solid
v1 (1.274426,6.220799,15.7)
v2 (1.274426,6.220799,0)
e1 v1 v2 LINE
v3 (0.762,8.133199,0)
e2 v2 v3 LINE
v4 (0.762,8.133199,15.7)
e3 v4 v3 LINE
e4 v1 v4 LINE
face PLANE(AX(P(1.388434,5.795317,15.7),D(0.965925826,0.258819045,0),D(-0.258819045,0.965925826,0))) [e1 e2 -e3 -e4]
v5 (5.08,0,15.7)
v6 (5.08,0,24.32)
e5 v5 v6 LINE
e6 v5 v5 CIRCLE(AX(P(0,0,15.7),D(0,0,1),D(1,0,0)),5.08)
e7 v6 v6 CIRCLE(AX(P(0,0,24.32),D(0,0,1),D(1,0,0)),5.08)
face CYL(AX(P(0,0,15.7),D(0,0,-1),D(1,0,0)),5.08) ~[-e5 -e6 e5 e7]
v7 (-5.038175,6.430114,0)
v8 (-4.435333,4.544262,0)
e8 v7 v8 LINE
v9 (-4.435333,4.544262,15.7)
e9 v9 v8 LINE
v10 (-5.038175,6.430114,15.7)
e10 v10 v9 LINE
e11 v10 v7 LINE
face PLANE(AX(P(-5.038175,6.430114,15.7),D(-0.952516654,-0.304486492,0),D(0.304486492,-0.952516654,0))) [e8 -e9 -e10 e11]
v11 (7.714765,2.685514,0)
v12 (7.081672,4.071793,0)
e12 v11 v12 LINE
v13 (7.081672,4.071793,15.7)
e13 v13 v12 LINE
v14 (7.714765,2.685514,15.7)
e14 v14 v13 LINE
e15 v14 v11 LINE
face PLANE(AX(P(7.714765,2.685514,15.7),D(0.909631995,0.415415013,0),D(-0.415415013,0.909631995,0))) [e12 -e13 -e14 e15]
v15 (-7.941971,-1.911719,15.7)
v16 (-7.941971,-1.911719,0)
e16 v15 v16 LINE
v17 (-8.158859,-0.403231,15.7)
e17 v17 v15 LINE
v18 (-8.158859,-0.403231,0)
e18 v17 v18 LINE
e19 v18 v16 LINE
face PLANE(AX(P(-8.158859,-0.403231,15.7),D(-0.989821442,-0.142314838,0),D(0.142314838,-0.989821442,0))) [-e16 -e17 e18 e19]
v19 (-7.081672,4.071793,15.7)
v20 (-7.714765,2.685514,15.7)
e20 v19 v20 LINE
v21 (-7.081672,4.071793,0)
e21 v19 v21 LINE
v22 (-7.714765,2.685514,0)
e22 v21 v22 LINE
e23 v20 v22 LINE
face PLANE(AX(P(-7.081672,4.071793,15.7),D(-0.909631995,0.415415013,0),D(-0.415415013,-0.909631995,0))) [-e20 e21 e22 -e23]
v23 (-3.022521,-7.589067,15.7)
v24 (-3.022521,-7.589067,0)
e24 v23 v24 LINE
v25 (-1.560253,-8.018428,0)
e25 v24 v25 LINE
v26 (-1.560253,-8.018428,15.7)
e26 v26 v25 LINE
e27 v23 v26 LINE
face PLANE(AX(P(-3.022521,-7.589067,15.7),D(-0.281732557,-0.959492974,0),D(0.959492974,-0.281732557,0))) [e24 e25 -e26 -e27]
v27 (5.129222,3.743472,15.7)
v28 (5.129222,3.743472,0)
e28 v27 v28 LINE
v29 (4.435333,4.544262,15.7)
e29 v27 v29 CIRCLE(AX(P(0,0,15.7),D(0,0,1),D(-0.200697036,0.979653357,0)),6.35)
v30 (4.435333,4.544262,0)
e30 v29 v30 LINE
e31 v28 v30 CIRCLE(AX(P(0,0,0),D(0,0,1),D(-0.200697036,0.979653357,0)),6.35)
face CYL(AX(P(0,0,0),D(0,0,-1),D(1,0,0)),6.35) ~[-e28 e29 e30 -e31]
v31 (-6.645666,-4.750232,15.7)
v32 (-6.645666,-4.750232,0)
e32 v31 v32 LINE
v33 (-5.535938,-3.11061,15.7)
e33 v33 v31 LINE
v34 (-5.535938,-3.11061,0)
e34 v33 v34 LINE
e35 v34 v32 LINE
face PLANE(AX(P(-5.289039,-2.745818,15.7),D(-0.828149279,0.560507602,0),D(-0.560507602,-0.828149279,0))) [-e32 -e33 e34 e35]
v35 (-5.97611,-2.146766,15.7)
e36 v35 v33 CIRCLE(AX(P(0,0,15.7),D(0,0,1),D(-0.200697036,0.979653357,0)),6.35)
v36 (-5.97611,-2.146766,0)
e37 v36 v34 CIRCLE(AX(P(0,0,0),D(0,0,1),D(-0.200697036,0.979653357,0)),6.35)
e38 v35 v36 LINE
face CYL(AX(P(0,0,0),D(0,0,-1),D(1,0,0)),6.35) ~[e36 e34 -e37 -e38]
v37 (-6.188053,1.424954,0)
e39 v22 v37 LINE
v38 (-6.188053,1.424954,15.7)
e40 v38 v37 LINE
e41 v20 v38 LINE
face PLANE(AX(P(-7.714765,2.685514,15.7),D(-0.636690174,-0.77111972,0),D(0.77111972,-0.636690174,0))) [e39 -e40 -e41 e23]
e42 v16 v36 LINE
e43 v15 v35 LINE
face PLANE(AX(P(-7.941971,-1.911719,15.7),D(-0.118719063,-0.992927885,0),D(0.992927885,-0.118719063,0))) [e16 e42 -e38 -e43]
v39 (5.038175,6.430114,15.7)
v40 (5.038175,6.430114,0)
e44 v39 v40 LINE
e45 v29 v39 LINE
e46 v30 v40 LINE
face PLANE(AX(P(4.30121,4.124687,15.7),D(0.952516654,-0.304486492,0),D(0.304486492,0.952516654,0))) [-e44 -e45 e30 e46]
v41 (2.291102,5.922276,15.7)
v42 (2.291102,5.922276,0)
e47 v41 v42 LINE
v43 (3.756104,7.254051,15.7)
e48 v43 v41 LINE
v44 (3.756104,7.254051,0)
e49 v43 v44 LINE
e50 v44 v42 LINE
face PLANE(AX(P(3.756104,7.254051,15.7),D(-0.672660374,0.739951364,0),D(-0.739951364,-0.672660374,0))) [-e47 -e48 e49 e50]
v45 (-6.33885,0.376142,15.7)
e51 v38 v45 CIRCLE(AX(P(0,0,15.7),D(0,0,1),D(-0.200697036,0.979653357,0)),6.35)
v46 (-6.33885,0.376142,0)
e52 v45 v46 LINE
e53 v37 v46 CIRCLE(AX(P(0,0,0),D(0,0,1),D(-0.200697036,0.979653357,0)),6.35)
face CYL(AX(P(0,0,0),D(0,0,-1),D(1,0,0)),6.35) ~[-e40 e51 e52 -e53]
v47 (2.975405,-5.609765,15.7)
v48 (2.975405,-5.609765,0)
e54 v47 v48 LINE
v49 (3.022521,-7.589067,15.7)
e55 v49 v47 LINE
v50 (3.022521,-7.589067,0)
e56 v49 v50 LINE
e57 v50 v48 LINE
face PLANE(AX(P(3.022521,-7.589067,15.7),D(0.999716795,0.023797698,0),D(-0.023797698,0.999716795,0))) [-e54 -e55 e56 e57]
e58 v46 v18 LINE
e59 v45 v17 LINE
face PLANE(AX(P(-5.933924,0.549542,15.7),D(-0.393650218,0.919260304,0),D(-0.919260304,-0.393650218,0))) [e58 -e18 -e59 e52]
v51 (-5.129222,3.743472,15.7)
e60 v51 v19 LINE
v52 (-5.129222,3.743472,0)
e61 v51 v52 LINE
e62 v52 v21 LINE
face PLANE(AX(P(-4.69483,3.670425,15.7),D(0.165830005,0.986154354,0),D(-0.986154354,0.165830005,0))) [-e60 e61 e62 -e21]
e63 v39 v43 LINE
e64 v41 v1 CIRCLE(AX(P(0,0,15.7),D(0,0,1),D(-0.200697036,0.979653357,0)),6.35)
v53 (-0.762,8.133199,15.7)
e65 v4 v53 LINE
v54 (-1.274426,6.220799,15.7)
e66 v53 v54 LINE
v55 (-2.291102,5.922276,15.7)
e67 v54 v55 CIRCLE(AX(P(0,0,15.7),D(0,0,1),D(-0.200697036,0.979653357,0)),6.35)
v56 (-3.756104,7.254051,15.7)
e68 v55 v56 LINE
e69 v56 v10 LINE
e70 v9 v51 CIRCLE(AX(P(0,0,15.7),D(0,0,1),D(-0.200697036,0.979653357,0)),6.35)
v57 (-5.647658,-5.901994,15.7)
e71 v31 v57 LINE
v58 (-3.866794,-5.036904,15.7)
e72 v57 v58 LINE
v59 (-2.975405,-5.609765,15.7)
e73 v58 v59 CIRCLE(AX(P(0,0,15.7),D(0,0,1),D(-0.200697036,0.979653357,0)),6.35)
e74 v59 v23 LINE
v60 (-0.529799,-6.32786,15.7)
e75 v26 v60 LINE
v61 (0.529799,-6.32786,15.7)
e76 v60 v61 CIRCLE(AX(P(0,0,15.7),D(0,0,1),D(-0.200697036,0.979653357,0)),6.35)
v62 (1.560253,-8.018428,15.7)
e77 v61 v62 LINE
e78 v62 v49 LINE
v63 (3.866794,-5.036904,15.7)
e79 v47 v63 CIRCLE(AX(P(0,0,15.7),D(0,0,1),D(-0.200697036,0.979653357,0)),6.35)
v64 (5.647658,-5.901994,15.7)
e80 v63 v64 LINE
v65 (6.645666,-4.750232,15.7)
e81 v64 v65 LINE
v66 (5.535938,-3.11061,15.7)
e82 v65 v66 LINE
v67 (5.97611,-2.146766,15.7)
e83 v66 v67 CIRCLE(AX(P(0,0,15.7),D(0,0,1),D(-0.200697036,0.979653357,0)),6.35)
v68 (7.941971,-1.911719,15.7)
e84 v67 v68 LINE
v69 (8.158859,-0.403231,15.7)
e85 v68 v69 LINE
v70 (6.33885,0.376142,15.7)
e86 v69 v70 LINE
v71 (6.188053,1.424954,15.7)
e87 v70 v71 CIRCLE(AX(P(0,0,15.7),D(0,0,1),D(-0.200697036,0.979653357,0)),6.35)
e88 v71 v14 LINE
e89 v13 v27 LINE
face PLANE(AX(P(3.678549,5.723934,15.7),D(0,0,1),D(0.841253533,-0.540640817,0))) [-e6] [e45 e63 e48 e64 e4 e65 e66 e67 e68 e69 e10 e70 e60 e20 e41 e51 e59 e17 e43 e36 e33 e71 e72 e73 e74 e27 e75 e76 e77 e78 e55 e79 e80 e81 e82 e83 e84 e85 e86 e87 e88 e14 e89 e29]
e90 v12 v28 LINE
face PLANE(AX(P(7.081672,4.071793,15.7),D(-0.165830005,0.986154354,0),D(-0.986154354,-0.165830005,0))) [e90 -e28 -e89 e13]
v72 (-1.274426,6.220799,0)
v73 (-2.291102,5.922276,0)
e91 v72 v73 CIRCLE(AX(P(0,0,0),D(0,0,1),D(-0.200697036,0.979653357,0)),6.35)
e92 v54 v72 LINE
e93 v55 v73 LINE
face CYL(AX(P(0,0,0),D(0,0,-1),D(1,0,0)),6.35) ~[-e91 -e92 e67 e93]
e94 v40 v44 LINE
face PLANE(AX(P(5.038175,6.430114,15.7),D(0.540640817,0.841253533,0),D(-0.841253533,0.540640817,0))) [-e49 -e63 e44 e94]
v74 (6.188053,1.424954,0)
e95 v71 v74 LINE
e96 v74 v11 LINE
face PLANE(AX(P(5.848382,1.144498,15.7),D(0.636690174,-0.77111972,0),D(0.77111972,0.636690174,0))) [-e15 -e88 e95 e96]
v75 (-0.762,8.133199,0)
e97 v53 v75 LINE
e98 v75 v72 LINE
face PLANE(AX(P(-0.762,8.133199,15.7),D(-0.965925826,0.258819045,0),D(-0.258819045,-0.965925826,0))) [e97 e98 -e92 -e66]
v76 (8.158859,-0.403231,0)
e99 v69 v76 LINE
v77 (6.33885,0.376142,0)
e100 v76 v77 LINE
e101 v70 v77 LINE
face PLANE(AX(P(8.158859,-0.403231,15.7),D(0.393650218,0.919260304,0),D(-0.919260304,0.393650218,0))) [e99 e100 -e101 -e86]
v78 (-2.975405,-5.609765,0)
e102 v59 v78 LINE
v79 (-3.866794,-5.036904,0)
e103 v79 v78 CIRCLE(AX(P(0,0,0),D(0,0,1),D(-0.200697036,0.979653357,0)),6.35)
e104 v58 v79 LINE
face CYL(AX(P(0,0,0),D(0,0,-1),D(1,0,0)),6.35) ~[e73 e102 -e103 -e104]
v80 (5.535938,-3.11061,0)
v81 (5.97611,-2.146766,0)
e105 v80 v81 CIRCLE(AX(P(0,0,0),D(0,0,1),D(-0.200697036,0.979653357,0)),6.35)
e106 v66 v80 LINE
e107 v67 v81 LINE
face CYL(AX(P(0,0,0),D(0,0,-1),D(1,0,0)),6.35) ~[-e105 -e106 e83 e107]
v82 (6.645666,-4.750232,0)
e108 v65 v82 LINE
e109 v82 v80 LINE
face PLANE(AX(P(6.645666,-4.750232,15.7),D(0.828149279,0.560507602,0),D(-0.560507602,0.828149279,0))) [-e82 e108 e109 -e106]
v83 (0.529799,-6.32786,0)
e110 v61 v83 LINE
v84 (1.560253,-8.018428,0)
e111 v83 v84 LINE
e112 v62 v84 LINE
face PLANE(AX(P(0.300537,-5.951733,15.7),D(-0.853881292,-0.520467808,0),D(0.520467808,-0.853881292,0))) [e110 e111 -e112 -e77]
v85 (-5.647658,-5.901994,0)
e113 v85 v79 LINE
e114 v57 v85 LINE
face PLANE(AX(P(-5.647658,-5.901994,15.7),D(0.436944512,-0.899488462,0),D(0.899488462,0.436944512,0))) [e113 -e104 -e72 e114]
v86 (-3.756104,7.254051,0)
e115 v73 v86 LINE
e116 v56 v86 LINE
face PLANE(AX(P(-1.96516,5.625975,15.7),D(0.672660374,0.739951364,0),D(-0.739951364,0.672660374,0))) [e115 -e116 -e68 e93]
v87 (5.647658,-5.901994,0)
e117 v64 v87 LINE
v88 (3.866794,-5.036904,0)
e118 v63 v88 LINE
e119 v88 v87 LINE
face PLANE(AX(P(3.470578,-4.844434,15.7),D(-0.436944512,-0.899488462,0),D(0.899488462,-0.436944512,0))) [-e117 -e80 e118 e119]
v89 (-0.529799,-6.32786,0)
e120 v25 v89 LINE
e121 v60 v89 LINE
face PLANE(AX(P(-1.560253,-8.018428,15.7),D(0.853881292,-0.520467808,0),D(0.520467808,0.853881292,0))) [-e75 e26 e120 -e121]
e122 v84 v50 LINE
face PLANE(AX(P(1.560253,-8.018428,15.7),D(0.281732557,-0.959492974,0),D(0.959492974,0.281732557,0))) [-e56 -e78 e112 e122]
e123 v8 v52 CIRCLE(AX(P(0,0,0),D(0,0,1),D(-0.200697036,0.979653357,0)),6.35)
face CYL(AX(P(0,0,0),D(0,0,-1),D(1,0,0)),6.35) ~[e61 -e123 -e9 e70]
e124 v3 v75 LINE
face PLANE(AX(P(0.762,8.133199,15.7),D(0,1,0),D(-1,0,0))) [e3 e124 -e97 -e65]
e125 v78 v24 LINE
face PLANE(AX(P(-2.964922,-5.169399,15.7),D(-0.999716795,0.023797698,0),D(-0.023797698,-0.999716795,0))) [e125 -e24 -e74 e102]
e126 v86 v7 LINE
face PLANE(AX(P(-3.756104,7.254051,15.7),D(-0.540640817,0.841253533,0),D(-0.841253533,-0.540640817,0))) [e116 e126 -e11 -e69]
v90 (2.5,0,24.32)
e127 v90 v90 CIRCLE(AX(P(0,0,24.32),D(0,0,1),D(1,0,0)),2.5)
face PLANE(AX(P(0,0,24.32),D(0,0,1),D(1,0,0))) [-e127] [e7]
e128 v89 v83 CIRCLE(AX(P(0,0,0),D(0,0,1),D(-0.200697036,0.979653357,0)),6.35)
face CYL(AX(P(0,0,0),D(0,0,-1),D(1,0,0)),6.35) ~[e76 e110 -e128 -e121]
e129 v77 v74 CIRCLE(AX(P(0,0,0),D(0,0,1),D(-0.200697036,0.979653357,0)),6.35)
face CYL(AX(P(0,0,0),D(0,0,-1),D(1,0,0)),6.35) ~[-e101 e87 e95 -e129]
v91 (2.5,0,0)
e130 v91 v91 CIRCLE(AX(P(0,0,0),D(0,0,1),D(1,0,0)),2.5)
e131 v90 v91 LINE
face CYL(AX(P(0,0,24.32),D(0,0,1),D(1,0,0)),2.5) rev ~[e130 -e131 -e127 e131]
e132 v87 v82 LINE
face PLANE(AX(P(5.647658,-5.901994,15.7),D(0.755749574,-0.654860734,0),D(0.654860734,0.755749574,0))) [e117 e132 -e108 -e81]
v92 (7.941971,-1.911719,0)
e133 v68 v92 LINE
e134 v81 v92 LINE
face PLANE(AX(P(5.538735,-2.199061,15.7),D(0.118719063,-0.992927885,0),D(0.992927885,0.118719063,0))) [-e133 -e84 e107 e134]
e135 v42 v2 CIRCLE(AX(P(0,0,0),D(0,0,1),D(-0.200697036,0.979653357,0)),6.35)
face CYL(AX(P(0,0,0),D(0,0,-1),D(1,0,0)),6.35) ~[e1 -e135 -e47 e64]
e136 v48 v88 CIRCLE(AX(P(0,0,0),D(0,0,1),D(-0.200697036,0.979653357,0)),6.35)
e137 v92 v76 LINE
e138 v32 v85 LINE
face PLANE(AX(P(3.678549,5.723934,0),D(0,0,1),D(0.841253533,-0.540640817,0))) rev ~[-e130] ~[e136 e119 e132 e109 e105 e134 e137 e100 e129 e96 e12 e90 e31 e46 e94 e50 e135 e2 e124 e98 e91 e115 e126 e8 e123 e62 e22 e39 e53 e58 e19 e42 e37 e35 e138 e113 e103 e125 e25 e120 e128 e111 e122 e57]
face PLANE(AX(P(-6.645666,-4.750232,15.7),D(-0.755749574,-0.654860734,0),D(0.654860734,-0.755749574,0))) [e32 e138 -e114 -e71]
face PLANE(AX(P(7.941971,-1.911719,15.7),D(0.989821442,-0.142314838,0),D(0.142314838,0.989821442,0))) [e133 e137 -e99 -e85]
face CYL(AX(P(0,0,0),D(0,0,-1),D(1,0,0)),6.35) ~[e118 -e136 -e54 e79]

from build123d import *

# Parameters (mm, degrees)
SKETCH1_R           = 6.35
BOSS_EXTRUDE1_DEPTH = 15.7
BOSS_EXTRUDE2_DEPTH = 15.7
CIRPATTERN1_COUNT   = 11
SKETCH3_R           = 5.08
BOSS_EXTRUDE3_DEPTH = 8.62
SKETCH4_R           = 2.5
CUT_EXTRUDE1_DEPTH  = 25.32


with BuildPart() as part:
    # Sketch1 → Boss-Extrude1 (new body)
    with BuildSketch(Plane.XY):
        Circle(SKETCH1_R)
    extrude(amount=BOSS_EXTRUDE1_DEPTH)

    # Sketch2 → Boss-Extrude2 (add)
    with BuildSketch(Plane.XY.offset(15.7)):
        Polygon((0, 8.13319935), (-0.762, 8.13319935), (-1.388433627, 5.795317226), (1.388433627, 5.795317226), (0.762, 8.13319935), align=None)
    boss_extrude2 = extrude(amount=-BOSS_EXTRUDE2_DEPTH)

    # CirPattern1: Boss-Extrude2 ×11 about axis
    cirpattern1_axis = Axis((0, 0, 0), (0, 0, 1))
    for i in range(1, CIRPATTERN1_COUNT):
        add(boss_extrude2.rotate(cirpattern1_axis, i * 360 / CIRPATTERN1_COUNT))

    # Sketch3 → Boss-Extrude3 (add)
    with BuildSketch(Plane.XY.offset(15.7)):
        Circle(SKETCH3_R)
    extrude(amount=BOSS_EXTRUDE3_DEPTH)

    # Sketch4 → Cut-Extrude1 (cut, through all)
    with BuildSketch(Plane.XY.offset(24.32)):
        Circle(SKETCH4_R)
    extrude(amount=-CUT_EXTRUDE1_DEPTH, mode=Mode.SUBTRACT)


solid = part.part
